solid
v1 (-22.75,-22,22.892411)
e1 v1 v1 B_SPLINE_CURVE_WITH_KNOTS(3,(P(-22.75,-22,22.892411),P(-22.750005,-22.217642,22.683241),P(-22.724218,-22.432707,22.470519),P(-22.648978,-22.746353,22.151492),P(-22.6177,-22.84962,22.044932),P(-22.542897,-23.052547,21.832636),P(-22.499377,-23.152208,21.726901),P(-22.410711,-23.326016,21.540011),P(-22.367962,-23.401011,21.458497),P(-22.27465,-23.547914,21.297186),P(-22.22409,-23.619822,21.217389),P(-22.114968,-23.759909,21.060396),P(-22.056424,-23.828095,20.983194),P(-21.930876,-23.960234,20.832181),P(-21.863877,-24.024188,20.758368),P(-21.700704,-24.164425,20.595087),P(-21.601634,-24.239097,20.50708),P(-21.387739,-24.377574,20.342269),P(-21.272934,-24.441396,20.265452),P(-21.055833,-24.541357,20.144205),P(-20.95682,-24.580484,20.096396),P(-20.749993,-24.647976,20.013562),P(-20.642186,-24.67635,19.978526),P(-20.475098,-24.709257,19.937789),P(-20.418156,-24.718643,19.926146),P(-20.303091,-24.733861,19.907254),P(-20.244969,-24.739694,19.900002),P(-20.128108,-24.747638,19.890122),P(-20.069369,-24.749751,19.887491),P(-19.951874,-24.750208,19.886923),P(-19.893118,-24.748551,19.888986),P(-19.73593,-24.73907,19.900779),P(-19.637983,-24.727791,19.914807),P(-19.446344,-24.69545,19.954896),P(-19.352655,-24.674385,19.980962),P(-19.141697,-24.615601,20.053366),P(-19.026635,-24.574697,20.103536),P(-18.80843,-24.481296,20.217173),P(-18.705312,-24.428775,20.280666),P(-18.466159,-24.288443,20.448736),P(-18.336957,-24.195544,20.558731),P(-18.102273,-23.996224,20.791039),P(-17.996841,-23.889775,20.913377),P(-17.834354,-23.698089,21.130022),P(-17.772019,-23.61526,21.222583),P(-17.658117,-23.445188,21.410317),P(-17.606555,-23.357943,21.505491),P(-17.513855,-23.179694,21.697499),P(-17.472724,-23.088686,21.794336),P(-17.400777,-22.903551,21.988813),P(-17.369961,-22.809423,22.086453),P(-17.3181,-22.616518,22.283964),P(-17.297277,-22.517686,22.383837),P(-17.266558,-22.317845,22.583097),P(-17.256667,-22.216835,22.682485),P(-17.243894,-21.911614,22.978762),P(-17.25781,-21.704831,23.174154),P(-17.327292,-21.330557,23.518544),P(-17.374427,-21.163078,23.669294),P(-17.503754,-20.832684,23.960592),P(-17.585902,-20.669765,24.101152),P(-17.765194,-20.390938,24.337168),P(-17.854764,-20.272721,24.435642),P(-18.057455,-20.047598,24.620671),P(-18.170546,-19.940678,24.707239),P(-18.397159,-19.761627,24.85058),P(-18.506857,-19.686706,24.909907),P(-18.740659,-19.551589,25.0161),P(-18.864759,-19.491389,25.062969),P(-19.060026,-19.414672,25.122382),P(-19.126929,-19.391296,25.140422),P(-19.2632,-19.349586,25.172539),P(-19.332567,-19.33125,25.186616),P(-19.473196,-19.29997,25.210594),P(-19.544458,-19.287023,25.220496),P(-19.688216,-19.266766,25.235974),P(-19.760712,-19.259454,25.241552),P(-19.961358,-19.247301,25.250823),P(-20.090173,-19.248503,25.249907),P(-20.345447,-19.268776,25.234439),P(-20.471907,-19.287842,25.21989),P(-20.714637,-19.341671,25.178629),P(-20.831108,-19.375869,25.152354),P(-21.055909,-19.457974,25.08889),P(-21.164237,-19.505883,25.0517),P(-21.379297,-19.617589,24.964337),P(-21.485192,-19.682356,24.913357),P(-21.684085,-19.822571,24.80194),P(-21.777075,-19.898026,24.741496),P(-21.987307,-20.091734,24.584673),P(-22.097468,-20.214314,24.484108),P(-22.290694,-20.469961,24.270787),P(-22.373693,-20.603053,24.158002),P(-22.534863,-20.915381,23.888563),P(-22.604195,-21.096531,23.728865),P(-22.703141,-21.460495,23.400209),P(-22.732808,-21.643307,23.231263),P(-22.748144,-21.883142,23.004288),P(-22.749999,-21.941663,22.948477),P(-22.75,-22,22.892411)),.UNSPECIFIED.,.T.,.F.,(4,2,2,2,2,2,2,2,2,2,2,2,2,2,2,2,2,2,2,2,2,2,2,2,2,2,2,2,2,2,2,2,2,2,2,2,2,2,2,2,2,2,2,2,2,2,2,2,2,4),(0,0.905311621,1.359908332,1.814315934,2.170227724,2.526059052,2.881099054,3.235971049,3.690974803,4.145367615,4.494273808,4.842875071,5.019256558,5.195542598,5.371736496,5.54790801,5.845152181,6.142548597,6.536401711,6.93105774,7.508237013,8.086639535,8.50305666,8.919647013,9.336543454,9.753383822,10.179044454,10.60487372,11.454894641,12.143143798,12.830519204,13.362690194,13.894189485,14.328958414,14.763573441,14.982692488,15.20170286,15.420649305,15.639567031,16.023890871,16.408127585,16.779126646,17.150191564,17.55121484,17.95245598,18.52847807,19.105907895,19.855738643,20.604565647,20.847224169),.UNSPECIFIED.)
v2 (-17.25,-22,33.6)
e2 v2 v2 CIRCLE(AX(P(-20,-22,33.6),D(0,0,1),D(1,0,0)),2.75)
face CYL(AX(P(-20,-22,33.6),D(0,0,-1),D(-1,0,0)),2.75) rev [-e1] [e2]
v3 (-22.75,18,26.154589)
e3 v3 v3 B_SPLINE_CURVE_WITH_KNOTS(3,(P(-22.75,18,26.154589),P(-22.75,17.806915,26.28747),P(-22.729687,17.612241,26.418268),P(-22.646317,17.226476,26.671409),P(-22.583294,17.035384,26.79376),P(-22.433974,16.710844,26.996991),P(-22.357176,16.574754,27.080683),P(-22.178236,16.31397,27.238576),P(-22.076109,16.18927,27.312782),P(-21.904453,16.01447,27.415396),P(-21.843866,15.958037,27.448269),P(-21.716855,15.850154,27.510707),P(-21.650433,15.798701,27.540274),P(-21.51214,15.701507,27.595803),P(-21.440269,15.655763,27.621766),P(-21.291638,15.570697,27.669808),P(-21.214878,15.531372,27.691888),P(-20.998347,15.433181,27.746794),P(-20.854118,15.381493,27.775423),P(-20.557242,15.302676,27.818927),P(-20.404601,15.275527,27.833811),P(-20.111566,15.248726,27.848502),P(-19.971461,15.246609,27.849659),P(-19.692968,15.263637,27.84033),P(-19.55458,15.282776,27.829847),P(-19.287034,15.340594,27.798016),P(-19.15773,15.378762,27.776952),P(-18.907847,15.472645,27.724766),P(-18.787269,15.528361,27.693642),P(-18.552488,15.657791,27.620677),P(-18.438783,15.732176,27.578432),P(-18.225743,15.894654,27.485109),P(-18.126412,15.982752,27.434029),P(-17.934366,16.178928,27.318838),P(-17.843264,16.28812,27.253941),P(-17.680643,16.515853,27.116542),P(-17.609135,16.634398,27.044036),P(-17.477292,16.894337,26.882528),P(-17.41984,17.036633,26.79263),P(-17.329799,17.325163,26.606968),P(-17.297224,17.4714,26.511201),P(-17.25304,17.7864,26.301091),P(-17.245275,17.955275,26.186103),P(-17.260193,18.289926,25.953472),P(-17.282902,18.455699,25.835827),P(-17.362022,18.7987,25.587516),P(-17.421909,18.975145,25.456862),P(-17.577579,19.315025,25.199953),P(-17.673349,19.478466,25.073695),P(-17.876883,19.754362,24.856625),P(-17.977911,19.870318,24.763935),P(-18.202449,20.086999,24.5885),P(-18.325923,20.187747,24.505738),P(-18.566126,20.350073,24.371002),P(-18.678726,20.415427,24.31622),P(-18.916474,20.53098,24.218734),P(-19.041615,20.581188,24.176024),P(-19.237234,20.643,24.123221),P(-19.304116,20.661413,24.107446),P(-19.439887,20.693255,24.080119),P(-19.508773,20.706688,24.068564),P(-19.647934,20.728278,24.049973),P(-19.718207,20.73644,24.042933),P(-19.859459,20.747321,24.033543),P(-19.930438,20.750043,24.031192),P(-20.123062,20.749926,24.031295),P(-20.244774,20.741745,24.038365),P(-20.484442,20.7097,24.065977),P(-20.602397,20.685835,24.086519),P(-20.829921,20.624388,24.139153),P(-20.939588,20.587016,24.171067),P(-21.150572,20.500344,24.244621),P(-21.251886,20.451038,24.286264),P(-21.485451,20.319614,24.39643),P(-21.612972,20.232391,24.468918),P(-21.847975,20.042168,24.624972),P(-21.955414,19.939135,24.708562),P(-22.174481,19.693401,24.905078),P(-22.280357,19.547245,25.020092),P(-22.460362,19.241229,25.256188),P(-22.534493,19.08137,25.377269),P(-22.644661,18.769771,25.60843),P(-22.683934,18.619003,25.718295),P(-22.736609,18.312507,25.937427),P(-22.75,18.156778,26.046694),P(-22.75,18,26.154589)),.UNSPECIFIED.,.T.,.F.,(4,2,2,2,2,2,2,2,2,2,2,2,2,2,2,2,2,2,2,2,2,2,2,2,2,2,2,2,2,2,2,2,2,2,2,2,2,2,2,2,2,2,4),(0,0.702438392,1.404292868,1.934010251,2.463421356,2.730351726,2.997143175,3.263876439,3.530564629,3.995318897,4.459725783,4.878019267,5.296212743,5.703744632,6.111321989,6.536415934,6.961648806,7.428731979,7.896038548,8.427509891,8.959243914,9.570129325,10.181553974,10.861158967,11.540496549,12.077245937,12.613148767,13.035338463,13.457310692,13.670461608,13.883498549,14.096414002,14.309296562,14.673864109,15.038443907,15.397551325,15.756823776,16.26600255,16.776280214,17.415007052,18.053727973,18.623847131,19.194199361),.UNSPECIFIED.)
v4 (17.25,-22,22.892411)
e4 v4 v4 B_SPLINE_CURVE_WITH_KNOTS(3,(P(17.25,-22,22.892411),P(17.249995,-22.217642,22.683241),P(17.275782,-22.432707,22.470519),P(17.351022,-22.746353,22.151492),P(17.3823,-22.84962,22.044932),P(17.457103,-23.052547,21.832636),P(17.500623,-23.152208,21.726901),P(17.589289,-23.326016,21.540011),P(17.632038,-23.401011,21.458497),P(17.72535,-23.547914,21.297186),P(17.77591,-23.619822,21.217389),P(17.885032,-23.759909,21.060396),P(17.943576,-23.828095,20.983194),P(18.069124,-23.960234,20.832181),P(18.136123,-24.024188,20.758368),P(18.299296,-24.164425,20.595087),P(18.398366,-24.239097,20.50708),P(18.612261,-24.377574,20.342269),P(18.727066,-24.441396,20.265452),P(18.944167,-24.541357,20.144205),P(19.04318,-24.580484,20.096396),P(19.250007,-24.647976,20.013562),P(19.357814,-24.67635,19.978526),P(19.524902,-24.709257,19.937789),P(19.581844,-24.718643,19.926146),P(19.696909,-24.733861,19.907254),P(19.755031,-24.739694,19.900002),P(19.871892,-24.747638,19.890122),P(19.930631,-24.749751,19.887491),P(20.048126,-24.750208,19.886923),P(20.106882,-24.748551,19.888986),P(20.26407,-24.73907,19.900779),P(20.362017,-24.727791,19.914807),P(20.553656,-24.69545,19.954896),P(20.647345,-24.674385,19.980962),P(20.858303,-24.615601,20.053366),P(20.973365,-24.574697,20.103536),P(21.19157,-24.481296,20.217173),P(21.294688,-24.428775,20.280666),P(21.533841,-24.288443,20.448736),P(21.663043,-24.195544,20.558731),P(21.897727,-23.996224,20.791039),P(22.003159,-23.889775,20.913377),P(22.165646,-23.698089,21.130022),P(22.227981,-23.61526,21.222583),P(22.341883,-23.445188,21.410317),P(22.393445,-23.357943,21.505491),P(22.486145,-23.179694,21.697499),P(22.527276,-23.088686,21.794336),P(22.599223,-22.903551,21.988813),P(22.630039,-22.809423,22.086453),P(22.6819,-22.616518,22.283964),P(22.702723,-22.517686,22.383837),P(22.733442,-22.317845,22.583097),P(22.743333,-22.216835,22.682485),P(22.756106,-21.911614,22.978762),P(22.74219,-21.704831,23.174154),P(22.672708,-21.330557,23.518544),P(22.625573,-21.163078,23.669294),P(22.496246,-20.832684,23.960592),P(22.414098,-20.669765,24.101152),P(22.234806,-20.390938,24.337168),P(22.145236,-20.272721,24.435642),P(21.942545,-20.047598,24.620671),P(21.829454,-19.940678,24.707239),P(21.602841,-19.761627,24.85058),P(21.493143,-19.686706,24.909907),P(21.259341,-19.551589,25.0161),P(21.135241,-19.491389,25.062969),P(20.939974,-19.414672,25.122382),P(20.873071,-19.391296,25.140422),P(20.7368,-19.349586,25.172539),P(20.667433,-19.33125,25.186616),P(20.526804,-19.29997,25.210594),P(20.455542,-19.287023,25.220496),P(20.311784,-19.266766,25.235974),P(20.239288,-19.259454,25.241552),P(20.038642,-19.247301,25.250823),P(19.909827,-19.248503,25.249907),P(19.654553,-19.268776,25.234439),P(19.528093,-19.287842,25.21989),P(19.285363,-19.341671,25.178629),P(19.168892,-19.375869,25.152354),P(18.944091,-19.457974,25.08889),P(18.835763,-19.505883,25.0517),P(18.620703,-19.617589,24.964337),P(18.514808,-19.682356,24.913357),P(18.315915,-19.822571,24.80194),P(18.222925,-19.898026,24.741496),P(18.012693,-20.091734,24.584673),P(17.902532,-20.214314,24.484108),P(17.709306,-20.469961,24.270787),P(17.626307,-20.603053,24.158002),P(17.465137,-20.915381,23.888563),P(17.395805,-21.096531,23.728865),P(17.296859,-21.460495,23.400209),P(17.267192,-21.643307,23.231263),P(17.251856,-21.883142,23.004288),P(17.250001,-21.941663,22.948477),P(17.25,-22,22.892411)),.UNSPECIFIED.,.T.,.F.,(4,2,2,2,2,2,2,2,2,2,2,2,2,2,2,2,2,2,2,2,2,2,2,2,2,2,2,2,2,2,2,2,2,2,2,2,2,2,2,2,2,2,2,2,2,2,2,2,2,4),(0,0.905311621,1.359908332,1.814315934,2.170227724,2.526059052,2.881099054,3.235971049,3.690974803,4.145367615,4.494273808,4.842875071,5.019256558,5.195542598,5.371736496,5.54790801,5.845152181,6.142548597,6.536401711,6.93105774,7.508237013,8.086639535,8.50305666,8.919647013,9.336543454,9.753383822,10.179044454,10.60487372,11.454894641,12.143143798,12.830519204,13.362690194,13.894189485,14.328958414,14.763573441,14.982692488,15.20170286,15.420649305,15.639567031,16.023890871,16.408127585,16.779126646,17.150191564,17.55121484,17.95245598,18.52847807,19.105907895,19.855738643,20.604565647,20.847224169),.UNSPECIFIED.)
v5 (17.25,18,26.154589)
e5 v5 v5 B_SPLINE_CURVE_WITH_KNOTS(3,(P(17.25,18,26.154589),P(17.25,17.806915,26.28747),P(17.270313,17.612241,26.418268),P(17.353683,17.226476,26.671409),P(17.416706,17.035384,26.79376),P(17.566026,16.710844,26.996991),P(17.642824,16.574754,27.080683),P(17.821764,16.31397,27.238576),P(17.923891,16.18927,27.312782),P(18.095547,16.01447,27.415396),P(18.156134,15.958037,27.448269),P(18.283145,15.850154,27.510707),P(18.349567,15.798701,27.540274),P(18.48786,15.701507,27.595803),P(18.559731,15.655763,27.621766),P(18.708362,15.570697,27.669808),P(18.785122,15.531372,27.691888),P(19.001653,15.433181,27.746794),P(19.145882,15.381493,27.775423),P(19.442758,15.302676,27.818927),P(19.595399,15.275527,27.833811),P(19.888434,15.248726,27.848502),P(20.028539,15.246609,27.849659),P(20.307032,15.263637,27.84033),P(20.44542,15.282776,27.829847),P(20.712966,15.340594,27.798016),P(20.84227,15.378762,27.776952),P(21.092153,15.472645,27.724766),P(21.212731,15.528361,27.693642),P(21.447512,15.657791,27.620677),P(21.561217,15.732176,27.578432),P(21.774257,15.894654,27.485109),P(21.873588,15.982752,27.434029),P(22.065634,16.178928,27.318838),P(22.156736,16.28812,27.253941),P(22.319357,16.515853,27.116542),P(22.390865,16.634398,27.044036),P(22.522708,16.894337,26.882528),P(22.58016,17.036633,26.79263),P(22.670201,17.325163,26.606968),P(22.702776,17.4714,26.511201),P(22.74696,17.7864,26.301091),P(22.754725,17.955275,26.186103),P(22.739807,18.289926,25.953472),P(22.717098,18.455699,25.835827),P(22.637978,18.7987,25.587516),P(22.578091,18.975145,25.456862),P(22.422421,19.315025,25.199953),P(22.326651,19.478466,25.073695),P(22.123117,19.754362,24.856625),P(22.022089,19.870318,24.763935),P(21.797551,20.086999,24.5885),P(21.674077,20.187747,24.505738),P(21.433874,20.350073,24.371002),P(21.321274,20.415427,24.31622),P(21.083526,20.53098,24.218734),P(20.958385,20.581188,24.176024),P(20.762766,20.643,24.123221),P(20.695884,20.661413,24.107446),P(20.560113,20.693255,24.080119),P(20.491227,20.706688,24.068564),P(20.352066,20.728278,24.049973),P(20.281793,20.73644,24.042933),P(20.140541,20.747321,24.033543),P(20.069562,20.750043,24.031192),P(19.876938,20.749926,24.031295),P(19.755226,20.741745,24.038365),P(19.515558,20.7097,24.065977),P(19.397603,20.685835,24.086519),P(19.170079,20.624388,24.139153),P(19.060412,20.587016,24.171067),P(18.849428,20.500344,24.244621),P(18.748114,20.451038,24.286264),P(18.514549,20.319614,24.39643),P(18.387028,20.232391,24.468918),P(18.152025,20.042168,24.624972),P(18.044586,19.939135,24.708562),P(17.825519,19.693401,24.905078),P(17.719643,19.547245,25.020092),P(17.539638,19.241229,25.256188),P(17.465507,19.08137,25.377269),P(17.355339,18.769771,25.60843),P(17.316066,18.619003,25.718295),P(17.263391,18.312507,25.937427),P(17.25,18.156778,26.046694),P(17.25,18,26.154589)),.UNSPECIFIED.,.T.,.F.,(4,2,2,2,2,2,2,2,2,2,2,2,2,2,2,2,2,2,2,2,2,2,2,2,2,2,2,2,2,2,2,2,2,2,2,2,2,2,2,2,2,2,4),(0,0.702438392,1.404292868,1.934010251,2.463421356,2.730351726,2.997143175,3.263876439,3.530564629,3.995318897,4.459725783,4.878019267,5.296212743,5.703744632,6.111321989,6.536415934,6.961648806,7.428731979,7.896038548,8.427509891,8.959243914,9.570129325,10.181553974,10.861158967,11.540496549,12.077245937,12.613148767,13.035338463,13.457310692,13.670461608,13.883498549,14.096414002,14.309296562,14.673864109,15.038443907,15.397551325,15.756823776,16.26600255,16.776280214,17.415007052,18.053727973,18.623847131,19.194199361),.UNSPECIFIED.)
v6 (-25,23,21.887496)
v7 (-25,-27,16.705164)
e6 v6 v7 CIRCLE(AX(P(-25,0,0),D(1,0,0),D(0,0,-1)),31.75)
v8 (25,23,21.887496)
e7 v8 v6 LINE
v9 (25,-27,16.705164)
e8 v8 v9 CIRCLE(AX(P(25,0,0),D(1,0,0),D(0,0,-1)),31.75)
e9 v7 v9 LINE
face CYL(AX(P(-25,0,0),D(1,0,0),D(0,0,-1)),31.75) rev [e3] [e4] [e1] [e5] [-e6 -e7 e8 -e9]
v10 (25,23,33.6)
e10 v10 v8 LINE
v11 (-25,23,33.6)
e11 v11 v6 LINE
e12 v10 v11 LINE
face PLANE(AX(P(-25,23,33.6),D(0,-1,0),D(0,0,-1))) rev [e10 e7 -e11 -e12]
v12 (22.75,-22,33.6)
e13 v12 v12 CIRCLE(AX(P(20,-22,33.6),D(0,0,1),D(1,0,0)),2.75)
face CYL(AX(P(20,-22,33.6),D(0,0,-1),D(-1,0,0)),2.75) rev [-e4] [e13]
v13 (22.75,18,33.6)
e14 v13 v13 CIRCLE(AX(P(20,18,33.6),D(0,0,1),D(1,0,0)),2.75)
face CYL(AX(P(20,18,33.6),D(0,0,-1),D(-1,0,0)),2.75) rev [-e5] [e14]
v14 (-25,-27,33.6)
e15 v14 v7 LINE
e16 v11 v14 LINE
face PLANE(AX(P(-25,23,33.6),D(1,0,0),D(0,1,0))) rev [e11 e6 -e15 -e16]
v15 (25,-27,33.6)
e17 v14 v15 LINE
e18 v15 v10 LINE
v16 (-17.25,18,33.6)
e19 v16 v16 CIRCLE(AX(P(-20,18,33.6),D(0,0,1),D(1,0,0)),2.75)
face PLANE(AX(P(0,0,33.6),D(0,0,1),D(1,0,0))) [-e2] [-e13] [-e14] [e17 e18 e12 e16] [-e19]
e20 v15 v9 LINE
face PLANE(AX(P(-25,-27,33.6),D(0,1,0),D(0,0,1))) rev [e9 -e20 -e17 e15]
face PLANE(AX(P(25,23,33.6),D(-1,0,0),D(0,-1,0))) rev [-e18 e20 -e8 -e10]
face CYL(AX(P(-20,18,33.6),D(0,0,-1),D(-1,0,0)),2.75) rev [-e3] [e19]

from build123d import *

# Parameters (mm, degrees)
SKETCH1_W               = 50
SKETCH1_H               = 50
SKETCH1_R               = 2.75
BOSS_EXTRUDE1_DEPTH     = 33.6
CUT_EXTRUDE1_DEPTH      = 50.829308645
CUT_EXTRUDE1_DEPTH_BACK = 50.829308645
SKETCH2_R               = 31.75


with BuildPart() as part:
    # Sketch1 → Boss-Extrude1 (new body)
    with BuildSketch(Plane.XY):
        with Locations((0, -2)):
            Rectangle(SKETCH1_W, SKETCH1_H)
        with Locations((-20, 18)):
            Circle(SKETCH1_R, mode=Mode.SUBTRACT)
        with Locations((20, 18)):
            Circle(SKETCH1_R, mode=Mode.SUBTRACT)
        with Locations((20, -22)):
            Circle(SKETCH1_R, mode=Mode.SUBTRACT)
        with Locations((-20, -22)):
            Circle(SKETCH1_R, mode=Mode.SUBTRACT)
    extrude(amount=BOSS_EXTRUDE1_DEPTH)

    # Sketch2 → Cut-Extrude1 (cut, two sides: drawn at the far end of the back side and taken through both)
    with BuildSketch(Plane(origin=(0, 0, 0), x_dir=(0, 0, -1), z_dir=(1, 0, 0)).offset(-CUT_EXTRUDE1_DEPTH_BACK)):
        Circle(SKETCH2_R)
    extrude(amount=CUT_EXTRUDE1_DEPTH + CUT_EXTRUDE1_DEPTH_BACK, mode=Mode.SUBTRACT)


solid = part.part
